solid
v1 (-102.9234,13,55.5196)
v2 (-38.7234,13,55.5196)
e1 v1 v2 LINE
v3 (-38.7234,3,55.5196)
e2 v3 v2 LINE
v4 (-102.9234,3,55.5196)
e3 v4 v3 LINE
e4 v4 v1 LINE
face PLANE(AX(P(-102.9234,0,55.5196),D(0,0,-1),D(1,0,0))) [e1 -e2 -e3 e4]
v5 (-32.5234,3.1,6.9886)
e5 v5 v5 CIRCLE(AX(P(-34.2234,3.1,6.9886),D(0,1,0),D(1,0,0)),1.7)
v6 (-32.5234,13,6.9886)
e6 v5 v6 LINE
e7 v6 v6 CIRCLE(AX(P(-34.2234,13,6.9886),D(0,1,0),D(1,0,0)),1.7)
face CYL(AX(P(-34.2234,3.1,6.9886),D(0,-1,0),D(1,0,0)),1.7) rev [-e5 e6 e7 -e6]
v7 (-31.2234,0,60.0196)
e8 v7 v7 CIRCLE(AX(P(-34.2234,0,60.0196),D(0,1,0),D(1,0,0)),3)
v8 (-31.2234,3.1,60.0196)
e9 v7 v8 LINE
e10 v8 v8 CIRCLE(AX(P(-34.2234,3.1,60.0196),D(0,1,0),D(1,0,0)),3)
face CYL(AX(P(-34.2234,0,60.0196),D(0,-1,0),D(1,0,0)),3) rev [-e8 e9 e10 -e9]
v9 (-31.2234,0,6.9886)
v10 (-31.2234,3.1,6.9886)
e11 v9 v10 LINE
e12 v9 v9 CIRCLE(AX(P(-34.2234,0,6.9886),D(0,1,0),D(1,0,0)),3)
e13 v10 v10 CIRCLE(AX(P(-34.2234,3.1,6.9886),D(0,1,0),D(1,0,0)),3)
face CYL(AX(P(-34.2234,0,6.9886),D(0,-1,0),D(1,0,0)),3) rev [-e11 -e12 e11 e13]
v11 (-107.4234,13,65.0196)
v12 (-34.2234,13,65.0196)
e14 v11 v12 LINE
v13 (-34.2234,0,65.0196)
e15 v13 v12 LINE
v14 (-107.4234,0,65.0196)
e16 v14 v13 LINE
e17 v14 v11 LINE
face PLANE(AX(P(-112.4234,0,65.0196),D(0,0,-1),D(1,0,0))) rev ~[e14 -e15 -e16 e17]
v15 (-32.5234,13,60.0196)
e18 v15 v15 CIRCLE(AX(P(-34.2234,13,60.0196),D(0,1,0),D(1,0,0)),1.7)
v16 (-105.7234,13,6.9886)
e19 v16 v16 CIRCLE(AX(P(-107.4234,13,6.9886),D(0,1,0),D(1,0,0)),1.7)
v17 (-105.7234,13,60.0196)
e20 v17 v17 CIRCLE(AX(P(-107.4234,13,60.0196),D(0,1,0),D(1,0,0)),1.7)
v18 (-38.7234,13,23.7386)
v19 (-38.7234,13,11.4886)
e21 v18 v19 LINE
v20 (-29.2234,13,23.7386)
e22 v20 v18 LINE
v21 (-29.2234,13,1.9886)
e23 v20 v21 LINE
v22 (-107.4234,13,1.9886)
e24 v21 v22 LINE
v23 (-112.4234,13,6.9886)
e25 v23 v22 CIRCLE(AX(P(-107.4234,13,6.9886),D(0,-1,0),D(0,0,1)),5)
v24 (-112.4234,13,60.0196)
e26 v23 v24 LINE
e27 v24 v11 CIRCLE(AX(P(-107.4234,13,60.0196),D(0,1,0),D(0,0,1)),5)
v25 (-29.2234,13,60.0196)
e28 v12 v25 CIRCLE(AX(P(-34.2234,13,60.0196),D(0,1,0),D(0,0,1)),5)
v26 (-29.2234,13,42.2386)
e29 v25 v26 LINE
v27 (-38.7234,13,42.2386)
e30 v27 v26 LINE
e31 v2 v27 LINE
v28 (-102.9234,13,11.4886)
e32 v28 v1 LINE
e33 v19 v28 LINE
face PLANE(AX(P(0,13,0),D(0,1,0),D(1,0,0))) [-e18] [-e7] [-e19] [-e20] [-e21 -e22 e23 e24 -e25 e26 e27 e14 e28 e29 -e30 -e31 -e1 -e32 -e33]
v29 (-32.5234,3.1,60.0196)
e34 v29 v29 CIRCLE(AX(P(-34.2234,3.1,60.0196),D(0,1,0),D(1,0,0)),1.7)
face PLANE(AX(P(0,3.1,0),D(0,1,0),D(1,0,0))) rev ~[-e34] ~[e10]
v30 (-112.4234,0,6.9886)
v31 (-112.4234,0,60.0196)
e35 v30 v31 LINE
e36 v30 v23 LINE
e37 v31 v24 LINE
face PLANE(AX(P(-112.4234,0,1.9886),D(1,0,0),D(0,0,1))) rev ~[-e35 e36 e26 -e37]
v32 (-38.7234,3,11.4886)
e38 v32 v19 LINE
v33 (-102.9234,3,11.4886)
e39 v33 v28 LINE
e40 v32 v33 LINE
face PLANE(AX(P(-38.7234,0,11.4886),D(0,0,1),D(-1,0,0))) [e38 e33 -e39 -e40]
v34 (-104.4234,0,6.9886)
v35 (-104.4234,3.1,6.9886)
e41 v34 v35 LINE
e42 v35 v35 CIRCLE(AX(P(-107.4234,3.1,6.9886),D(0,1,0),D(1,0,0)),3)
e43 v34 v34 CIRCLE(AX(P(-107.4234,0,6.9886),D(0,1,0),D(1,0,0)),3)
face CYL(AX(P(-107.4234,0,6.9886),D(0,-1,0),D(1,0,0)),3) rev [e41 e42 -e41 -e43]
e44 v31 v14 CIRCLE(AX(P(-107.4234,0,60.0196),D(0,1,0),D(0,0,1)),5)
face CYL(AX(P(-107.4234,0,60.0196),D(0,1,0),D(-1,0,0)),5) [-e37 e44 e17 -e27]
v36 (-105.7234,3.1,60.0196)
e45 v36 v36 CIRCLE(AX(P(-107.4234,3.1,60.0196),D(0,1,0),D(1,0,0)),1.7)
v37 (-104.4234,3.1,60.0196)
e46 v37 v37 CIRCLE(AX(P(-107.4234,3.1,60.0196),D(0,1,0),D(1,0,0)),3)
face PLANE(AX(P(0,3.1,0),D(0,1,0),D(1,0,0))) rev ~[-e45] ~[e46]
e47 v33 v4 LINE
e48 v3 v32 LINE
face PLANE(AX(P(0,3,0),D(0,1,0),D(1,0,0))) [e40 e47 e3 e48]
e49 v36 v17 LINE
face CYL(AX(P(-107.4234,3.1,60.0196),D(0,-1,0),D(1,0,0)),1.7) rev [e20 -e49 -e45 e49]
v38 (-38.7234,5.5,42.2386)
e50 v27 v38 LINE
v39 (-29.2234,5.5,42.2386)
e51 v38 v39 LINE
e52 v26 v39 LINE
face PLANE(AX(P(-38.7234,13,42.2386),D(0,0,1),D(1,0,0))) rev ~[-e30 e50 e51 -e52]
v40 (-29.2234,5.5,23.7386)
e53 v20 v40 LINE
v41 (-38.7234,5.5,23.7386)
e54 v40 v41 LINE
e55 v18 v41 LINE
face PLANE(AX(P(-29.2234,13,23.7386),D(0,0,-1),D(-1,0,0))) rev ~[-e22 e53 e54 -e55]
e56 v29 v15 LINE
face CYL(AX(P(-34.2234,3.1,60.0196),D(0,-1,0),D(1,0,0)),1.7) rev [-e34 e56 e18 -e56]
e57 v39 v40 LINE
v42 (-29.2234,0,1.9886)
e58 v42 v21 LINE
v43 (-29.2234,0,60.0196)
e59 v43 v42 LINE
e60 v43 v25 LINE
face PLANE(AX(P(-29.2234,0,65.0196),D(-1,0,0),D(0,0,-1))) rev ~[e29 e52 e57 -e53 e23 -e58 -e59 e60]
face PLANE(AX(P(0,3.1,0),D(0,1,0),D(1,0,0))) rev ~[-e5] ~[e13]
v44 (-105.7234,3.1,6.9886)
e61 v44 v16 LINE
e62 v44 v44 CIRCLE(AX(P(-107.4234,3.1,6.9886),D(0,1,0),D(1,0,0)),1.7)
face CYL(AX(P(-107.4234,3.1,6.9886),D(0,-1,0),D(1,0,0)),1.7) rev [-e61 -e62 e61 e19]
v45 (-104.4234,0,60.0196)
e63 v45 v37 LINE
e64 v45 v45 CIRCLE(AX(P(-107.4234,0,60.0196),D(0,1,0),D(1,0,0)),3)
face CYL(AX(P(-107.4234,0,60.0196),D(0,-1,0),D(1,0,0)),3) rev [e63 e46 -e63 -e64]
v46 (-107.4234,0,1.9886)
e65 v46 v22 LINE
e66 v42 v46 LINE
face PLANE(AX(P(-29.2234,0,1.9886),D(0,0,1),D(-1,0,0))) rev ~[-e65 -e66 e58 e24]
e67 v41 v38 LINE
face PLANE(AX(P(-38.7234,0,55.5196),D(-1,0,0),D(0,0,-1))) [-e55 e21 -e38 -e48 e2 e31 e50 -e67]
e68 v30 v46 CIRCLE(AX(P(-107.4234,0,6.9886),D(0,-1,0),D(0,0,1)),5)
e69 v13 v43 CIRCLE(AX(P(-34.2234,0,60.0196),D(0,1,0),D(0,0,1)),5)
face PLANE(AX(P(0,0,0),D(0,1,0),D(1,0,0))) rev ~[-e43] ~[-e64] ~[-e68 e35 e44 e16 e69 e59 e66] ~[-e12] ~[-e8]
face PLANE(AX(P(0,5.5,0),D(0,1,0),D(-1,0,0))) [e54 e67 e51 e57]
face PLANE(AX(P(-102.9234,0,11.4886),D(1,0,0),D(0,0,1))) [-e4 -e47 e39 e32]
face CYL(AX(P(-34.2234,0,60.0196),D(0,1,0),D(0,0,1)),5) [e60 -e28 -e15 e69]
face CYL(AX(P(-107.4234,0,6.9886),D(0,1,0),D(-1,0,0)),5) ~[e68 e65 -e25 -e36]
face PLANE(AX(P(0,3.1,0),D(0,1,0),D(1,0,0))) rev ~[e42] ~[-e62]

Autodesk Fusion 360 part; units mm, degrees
sketch "Sketch1" plane through (0, 0, 0) normal (0, 1, 0) x (1, 0, 0)
  line L0 (-102.9234, -55.5196) -> (-38.7234, -55.5196)
  line L1 (-38.7234, -55.5196) -> (-38.7234, -11.4886)
  line L2 (-38.7234, -11.4886) -> (-102.9234, -11.4886)
  line L3 (-102.9234, -11.4886) -> (-102.9234, -55.5196)
  line L4 (-112.4234, -65.0196) -> (-29.2234, -65.0196)
  line L5 (-29.2234, -65.0196) -> (-29.2234, -1.9886)
  line L6 (-29.2234, -1.9886) -> (-112.4234, -1.9886)
  line L7 (-112.4234, -1.9886) -> (-112.4234, -65.0196)
  circle A0 centre (-107.4234, -60.0196) radius 1.7
  circle A1 centre (-34.2234, -60.0196) radius 1.7
  circle A2 centre (-107.4234, -6.9886) radius 1.7
  circle A3 centre (-34.2234, -6.9886) radius 1.7
  circle A4 centre (-107.4234, -60.0196) radius 3
  circle A5 centre (-107.4234, -6.9886) radius 3
  circle A6 centre (-34.2234, -6.9886) radius 3
  circle A7 centre (-34.2234, -60.0196) radius 3
  dimension "d1" = 64.2
  dimension "d2" = 44.031
  dimension "d3" = 83.2
  dimension "d4" = 63.031
  dimension "d5" = 9.5
  dimension "d6" = 9.5
  dimension "d7" = 3.4
  dimension "d8" = 3.4
  dimension "d9" = 3.4
  dimension "d10" = 3.4
  dimension "d11" = 5
  dimension "d12" = 5
  dimension "d13" = 5
  dimension "d14" = 5
  dimension "d15" = 5
  dimension "d16" = 5
  dimension "d17" = 5
  dimension "d18" = 5
  dimension "d19" = 6
  dimension "d20" = 6
  dimension "d21" = 6
  dimension "d22" = 6
extrude "Extrude1" add sketch "Sketch1" along normal blind 9.9 from surface at 3.1 contours A4 | A5 | A6 | A7 makes body 1 at (-37.2197, 9.7, 60.1692) makes body 2 at (-31.2271, 9.7, 7.1382) makes body 3 at (-109.5181, 9.7, 62.1672) makes body 4 at (-104.4271, 9.7, 7.1382)
extrude "Extrude2" add sketch "Sketch1" along normal blind 13 contours L4 L5 L6 L7 bodies 1 2 3 4
extrude "Extrude3" add sketch "Sketch1" along normal blind 3 contours L0 L1 L2 L3 bodies 1
sketch "Sketch2" plane through (0, 13, 0) normal (0, 1, 0) x (-1, 0, 0)
  circle A0 centre (34.2234, 60.0196) radius 1.7
  circle A1 centre (107.4234, 6.9886) radius 1.7
  line L0 (102.9234, 55.5196) -> (102.9234, 11.4886)
  line L1 (102.9234, 11.4886) -> (38.7234, 11.4886)
  line L2 (38.7234, 11.4886) -> (38.7234, 55.5196)
  line L3 (38.7234, 55.5196) -> (102.9234, 55.5196)
  line L4 (112.4234, 1.9886) -> (112.4234, 65.0196)
  line L5 (112.4234, 65.0196) -> (29.2234, 65.0196)
  line L6 (29.2234, 65.0196) -> (29.2234, 1.9886)
  line L7 (29.2234, 1.9886) -> (112.4234, 1.9886)
  circle A2 centre (34.2234, 6.9886) radius 1.7
  circle A3 centre (107.4234, 60.0196) radius 1.7
  line L8 (29.2234, 23.7386) -> (38.7234, 23.7386)
  line L9 (38.7234, 23.7386) -> (38.7234, 42.2386)
  line L10 (38.7234, 42.2386) -> (29.2234, 42.2386)
  line L11 (29.2234, 42.2386) -> (29.2234, 23.7386)
  line L12 (29.2234, 1.9886) -> (112.4234, 1.9886)
  dimension "d30" = 18.5
  dimension "d31" = 21.75
extrude "Extrude4" cut sketch "Sketch2" against normal blind 7.5 contours L2 L6 L8 L9 L10 L11 bodies 1
fillet "Fillet1" radius 5 1 edges at (-112.4234, 6.5, 65.0196) on bodies 1
fillet "Fillet2" radius 5 1 edges at (-112.4234, 6.5, 1.9886) on bodies 1
fillet "Fillet3" radius 5 1 edges at (-29.2234, 6.5, 65.0196) on bodies 1
